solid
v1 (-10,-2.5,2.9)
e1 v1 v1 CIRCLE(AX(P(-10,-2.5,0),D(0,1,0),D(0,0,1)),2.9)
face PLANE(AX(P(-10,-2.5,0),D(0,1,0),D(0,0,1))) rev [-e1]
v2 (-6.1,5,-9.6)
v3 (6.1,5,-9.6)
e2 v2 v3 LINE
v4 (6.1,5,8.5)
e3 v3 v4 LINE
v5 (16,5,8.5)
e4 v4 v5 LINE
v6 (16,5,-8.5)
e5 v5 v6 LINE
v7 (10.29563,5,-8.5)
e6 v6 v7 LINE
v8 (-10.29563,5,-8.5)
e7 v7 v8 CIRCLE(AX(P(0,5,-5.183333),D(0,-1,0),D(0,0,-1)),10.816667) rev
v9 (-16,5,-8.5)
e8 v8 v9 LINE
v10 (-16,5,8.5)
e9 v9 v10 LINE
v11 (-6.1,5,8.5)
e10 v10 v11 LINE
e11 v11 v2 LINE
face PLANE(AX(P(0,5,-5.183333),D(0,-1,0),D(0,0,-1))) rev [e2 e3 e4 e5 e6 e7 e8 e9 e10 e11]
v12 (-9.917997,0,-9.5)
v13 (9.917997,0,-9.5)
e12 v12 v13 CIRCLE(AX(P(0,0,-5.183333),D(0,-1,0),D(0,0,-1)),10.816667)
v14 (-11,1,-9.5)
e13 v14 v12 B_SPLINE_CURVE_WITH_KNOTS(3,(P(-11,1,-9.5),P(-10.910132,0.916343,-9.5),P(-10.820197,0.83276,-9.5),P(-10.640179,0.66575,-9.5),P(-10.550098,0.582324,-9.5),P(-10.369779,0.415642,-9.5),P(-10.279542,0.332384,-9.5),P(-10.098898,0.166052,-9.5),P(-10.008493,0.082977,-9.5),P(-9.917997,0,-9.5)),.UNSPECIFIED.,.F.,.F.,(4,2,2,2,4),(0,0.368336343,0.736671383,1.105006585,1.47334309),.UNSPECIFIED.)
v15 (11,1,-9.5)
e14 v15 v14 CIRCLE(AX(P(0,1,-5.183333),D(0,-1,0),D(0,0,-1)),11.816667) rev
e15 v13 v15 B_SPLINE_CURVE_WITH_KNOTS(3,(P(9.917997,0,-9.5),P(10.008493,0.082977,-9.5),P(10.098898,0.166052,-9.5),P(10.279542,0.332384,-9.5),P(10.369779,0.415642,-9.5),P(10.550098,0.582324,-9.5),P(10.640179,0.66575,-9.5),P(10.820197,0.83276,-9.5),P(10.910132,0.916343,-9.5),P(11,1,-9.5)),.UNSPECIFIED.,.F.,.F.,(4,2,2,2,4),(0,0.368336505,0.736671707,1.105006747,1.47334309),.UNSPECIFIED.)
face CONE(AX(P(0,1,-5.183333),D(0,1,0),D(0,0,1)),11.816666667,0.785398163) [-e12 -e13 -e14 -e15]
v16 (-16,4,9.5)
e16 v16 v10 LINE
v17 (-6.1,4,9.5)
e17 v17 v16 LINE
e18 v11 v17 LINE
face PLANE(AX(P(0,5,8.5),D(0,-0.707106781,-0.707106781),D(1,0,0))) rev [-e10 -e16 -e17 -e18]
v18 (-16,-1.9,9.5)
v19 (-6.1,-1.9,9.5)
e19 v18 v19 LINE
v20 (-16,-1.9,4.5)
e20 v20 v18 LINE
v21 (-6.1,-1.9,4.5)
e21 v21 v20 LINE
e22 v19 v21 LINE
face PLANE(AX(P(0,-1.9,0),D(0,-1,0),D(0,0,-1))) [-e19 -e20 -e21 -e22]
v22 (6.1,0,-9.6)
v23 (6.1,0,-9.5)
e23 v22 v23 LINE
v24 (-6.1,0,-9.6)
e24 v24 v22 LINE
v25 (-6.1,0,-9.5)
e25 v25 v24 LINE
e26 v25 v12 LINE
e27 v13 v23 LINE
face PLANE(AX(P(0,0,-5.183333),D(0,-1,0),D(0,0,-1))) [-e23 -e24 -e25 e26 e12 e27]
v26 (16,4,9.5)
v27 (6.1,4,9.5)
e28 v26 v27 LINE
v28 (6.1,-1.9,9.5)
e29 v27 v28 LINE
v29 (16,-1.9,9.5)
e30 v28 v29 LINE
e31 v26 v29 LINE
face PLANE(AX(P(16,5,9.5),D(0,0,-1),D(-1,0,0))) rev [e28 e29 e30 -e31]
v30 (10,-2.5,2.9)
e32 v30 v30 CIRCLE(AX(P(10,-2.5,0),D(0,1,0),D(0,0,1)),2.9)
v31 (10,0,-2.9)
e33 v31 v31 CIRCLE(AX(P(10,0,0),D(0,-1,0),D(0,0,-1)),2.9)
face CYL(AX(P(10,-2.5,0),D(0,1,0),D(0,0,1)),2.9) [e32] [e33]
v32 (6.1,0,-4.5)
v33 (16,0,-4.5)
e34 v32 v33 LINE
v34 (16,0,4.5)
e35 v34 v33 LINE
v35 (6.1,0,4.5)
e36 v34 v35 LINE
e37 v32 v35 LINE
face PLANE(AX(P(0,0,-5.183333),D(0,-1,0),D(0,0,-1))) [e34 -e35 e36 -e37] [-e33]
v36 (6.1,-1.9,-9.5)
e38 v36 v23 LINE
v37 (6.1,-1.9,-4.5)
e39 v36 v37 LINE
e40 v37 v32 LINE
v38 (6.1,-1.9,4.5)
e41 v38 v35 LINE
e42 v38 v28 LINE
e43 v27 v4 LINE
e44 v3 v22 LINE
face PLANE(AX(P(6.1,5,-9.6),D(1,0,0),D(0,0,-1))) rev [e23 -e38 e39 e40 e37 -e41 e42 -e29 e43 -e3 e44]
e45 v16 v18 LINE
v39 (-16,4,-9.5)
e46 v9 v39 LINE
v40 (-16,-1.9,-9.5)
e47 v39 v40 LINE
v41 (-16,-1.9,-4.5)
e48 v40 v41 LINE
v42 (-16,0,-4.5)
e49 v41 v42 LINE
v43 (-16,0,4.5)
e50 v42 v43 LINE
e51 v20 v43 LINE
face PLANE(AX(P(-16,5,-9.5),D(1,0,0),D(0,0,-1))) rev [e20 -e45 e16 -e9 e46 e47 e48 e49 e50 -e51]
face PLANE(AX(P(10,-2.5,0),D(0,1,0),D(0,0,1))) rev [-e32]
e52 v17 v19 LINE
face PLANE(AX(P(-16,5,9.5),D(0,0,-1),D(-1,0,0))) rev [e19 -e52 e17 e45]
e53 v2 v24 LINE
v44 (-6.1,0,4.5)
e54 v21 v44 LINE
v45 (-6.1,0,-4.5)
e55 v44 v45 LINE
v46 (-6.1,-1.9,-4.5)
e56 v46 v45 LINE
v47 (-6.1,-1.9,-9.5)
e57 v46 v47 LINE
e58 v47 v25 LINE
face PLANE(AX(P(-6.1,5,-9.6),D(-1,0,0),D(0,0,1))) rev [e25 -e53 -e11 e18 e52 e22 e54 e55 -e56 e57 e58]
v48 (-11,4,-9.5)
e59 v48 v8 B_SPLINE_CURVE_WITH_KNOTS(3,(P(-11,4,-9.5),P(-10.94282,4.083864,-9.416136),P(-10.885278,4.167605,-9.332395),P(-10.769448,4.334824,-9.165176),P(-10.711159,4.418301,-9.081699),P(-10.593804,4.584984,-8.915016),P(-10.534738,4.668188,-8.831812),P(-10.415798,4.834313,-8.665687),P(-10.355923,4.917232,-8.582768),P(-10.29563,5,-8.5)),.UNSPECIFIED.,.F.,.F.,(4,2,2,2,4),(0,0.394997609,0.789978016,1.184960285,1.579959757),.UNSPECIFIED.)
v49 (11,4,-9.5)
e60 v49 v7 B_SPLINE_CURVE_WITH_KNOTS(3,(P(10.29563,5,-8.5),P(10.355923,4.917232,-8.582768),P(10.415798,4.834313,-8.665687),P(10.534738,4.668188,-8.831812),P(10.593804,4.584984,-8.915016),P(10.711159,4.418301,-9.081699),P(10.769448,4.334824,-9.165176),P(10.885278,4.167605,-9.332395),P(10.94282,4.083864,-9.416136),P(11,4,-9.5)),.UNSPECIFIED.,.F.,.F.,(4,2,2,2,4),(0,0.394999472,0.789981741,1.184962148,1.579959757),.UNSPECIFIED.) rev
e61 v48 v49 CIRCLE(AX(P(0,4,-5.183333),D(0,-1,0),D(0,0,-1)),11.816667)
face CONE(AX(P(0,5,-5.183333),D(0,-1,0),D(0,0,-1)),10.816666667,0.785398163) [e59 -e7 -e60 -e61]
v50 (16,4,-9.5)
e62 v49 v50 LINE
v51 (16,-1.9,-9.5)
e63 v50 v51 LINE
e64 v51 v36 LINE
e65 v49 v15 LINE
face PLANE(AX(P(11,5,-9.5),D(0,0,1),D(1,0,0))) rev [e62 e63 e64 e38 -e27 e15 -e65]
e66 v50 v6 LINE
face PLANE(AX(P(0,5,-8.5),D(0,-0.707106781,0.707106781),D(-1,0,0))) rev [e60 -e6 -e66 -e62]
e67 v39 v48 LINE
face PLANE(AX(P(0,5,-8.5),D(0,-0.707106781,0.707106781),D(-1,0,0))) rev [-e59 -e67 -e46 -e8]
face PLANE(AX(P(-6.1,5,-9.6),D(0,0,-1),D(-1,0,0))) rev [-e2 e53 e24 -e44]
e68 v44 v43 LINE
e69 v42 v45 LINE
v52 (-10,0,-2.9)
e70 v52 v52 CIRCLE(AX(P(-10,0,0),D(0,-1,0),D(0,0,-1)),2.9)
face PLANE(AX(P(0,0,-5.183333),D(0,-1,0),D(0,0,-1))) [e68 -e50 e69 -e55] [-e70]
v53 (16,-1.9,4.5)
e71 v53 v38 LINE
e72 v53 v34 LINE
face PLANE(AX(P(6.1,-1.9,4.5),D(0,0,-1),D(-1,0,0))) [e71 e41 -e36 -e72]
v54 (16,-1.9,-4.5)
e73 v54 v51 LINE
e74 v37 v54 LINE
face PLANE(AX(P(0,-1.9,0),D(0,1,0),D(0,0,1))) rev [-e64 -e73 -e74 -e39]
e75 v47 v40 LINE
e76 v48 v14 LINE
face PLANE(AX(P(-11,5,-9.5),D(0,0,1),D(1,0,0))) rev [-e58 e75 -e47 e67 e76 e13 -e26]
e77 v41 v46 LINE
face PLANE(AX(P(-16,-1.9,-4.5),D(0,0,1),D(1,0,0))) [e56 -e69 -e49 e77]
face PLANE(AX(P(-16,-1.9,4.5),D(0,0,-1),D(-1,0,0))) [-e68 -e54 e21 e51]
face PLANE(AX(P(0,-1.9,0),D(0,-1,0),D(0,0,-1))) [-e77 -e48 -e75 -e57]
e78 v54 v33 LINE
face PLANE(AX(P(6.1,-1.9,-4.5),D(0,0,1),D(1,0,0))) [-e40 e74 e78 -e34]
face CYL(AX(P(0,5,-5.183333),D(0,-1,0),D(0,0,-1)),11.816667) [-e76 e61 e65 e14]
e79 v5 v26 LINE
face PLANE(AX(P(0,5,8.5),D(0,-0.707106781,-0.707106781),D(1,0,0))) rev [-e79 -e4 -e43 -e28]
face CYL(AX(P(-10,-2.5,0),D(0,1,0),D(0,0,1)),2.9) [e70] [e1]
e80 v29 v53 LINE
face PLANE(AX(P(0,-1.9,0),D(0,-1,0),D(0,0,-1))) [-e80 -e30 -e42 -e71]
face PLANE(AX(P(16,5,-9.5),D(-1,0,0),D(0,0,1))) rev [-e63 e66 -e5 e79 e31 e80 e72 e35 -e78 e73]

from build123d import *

# Parameters (mm, degrees)
BOSS_EXTRUDE1_DEPTH = 5
SKETCH4_W           = 9.9
SKETCH4_H           = 5
BOSS_EXTRUDE2_DEPTH = 1.9
SKETCH5_R           = 2.9
BOSS_EXTRUDE3_DEPTH = 2.5
CHAMFER1_SIZE       = 1


with BuildPart() as part:
    # Sketch3 → Boss-Extrude1 (new body)
    with BuildSketch(Plane(origin=(0, 0, 0), x_dir=(1, 0, 0), z_dir=(0, 1, 0))):
        with BuildLine():
            Line((-16, -9.5), (-6.1, -9.5))
            Line((-6.1, -9.5), (-6.1, 9.6))
            Line((-6.1, 9.6), (6.1, 9.6))
            Line((6.1, 9.6), (6.1, -9.5))
            Line((6.1, -9.5), (16, -9.5))
            Line((16, -9.5), (16, 9.5))
            Line((16, 9.5), (11, 9.5))
            ThreePointArc((11, 9.5), (0, 17), (-11, 9.5))
            Line((-11, 9.5), (-16, 9.5))
            Line((-16, 9.5), (-16, -9.5))
        make_face()
    extrude(amount=BOSS_EXTRUDE1_DEPTH)

    # Sketch4 → Boss-Extrude2 (add)
    with BuildSketch(Plane(origin=(0, 0, 0), x_dir=(1, 0, 0), z_dir=(0, 1, 0))):
        with Locations((-11.05, 7)):
            Rectangle(SKETCH4_W, SKETCH4_H)
        with Locations((-11.05, -7)):
            Rectangle(SKETCH4_W, SKETCH4_H)
        with Locations((11.05, 7)):
            Rectangle(SKETCH4_W, SKETCH4_H)
        with Locations((11.05, -7)):
            Rectangle(SKETCH4_W, SKETCH4_H)
    extrude(amount=-BOSS_EXTRUDE2_DEPTH)

    # Sketch5 → Boss-Extrude3 (add)
    with BuildSketch(Plane(origin=(0, 0, 0), x_dir=(1, 0, 0), z_dir=(0, 1, 0))):
        with Locations(Location((-10, 0, 0), (0, 0, 270))):
            Circle(SKETCH5_R)
        with Locations(Location((10, 0, 0), (0, 0, 270))):
            Circle(SKETCH5_R)
    extrude(amount=-BOSS_EXTRUDE3_DEPTH)

    # Chamfer1
    chamfer1_edges = [part.edges().sort_by_distance(p)[0] for p in [
        (0, 0, -17),
        (-11.05, 5, 9.5),
        (11.05, 5, 9.5),
        (13.5, 5, -9.5),
        (0, 5, -17),
        (-13.5, 5, -9.5),
    ]]
    chamfer(chamfer1_edges, length=CHAMFER1_SIZE)


solid = part.part
